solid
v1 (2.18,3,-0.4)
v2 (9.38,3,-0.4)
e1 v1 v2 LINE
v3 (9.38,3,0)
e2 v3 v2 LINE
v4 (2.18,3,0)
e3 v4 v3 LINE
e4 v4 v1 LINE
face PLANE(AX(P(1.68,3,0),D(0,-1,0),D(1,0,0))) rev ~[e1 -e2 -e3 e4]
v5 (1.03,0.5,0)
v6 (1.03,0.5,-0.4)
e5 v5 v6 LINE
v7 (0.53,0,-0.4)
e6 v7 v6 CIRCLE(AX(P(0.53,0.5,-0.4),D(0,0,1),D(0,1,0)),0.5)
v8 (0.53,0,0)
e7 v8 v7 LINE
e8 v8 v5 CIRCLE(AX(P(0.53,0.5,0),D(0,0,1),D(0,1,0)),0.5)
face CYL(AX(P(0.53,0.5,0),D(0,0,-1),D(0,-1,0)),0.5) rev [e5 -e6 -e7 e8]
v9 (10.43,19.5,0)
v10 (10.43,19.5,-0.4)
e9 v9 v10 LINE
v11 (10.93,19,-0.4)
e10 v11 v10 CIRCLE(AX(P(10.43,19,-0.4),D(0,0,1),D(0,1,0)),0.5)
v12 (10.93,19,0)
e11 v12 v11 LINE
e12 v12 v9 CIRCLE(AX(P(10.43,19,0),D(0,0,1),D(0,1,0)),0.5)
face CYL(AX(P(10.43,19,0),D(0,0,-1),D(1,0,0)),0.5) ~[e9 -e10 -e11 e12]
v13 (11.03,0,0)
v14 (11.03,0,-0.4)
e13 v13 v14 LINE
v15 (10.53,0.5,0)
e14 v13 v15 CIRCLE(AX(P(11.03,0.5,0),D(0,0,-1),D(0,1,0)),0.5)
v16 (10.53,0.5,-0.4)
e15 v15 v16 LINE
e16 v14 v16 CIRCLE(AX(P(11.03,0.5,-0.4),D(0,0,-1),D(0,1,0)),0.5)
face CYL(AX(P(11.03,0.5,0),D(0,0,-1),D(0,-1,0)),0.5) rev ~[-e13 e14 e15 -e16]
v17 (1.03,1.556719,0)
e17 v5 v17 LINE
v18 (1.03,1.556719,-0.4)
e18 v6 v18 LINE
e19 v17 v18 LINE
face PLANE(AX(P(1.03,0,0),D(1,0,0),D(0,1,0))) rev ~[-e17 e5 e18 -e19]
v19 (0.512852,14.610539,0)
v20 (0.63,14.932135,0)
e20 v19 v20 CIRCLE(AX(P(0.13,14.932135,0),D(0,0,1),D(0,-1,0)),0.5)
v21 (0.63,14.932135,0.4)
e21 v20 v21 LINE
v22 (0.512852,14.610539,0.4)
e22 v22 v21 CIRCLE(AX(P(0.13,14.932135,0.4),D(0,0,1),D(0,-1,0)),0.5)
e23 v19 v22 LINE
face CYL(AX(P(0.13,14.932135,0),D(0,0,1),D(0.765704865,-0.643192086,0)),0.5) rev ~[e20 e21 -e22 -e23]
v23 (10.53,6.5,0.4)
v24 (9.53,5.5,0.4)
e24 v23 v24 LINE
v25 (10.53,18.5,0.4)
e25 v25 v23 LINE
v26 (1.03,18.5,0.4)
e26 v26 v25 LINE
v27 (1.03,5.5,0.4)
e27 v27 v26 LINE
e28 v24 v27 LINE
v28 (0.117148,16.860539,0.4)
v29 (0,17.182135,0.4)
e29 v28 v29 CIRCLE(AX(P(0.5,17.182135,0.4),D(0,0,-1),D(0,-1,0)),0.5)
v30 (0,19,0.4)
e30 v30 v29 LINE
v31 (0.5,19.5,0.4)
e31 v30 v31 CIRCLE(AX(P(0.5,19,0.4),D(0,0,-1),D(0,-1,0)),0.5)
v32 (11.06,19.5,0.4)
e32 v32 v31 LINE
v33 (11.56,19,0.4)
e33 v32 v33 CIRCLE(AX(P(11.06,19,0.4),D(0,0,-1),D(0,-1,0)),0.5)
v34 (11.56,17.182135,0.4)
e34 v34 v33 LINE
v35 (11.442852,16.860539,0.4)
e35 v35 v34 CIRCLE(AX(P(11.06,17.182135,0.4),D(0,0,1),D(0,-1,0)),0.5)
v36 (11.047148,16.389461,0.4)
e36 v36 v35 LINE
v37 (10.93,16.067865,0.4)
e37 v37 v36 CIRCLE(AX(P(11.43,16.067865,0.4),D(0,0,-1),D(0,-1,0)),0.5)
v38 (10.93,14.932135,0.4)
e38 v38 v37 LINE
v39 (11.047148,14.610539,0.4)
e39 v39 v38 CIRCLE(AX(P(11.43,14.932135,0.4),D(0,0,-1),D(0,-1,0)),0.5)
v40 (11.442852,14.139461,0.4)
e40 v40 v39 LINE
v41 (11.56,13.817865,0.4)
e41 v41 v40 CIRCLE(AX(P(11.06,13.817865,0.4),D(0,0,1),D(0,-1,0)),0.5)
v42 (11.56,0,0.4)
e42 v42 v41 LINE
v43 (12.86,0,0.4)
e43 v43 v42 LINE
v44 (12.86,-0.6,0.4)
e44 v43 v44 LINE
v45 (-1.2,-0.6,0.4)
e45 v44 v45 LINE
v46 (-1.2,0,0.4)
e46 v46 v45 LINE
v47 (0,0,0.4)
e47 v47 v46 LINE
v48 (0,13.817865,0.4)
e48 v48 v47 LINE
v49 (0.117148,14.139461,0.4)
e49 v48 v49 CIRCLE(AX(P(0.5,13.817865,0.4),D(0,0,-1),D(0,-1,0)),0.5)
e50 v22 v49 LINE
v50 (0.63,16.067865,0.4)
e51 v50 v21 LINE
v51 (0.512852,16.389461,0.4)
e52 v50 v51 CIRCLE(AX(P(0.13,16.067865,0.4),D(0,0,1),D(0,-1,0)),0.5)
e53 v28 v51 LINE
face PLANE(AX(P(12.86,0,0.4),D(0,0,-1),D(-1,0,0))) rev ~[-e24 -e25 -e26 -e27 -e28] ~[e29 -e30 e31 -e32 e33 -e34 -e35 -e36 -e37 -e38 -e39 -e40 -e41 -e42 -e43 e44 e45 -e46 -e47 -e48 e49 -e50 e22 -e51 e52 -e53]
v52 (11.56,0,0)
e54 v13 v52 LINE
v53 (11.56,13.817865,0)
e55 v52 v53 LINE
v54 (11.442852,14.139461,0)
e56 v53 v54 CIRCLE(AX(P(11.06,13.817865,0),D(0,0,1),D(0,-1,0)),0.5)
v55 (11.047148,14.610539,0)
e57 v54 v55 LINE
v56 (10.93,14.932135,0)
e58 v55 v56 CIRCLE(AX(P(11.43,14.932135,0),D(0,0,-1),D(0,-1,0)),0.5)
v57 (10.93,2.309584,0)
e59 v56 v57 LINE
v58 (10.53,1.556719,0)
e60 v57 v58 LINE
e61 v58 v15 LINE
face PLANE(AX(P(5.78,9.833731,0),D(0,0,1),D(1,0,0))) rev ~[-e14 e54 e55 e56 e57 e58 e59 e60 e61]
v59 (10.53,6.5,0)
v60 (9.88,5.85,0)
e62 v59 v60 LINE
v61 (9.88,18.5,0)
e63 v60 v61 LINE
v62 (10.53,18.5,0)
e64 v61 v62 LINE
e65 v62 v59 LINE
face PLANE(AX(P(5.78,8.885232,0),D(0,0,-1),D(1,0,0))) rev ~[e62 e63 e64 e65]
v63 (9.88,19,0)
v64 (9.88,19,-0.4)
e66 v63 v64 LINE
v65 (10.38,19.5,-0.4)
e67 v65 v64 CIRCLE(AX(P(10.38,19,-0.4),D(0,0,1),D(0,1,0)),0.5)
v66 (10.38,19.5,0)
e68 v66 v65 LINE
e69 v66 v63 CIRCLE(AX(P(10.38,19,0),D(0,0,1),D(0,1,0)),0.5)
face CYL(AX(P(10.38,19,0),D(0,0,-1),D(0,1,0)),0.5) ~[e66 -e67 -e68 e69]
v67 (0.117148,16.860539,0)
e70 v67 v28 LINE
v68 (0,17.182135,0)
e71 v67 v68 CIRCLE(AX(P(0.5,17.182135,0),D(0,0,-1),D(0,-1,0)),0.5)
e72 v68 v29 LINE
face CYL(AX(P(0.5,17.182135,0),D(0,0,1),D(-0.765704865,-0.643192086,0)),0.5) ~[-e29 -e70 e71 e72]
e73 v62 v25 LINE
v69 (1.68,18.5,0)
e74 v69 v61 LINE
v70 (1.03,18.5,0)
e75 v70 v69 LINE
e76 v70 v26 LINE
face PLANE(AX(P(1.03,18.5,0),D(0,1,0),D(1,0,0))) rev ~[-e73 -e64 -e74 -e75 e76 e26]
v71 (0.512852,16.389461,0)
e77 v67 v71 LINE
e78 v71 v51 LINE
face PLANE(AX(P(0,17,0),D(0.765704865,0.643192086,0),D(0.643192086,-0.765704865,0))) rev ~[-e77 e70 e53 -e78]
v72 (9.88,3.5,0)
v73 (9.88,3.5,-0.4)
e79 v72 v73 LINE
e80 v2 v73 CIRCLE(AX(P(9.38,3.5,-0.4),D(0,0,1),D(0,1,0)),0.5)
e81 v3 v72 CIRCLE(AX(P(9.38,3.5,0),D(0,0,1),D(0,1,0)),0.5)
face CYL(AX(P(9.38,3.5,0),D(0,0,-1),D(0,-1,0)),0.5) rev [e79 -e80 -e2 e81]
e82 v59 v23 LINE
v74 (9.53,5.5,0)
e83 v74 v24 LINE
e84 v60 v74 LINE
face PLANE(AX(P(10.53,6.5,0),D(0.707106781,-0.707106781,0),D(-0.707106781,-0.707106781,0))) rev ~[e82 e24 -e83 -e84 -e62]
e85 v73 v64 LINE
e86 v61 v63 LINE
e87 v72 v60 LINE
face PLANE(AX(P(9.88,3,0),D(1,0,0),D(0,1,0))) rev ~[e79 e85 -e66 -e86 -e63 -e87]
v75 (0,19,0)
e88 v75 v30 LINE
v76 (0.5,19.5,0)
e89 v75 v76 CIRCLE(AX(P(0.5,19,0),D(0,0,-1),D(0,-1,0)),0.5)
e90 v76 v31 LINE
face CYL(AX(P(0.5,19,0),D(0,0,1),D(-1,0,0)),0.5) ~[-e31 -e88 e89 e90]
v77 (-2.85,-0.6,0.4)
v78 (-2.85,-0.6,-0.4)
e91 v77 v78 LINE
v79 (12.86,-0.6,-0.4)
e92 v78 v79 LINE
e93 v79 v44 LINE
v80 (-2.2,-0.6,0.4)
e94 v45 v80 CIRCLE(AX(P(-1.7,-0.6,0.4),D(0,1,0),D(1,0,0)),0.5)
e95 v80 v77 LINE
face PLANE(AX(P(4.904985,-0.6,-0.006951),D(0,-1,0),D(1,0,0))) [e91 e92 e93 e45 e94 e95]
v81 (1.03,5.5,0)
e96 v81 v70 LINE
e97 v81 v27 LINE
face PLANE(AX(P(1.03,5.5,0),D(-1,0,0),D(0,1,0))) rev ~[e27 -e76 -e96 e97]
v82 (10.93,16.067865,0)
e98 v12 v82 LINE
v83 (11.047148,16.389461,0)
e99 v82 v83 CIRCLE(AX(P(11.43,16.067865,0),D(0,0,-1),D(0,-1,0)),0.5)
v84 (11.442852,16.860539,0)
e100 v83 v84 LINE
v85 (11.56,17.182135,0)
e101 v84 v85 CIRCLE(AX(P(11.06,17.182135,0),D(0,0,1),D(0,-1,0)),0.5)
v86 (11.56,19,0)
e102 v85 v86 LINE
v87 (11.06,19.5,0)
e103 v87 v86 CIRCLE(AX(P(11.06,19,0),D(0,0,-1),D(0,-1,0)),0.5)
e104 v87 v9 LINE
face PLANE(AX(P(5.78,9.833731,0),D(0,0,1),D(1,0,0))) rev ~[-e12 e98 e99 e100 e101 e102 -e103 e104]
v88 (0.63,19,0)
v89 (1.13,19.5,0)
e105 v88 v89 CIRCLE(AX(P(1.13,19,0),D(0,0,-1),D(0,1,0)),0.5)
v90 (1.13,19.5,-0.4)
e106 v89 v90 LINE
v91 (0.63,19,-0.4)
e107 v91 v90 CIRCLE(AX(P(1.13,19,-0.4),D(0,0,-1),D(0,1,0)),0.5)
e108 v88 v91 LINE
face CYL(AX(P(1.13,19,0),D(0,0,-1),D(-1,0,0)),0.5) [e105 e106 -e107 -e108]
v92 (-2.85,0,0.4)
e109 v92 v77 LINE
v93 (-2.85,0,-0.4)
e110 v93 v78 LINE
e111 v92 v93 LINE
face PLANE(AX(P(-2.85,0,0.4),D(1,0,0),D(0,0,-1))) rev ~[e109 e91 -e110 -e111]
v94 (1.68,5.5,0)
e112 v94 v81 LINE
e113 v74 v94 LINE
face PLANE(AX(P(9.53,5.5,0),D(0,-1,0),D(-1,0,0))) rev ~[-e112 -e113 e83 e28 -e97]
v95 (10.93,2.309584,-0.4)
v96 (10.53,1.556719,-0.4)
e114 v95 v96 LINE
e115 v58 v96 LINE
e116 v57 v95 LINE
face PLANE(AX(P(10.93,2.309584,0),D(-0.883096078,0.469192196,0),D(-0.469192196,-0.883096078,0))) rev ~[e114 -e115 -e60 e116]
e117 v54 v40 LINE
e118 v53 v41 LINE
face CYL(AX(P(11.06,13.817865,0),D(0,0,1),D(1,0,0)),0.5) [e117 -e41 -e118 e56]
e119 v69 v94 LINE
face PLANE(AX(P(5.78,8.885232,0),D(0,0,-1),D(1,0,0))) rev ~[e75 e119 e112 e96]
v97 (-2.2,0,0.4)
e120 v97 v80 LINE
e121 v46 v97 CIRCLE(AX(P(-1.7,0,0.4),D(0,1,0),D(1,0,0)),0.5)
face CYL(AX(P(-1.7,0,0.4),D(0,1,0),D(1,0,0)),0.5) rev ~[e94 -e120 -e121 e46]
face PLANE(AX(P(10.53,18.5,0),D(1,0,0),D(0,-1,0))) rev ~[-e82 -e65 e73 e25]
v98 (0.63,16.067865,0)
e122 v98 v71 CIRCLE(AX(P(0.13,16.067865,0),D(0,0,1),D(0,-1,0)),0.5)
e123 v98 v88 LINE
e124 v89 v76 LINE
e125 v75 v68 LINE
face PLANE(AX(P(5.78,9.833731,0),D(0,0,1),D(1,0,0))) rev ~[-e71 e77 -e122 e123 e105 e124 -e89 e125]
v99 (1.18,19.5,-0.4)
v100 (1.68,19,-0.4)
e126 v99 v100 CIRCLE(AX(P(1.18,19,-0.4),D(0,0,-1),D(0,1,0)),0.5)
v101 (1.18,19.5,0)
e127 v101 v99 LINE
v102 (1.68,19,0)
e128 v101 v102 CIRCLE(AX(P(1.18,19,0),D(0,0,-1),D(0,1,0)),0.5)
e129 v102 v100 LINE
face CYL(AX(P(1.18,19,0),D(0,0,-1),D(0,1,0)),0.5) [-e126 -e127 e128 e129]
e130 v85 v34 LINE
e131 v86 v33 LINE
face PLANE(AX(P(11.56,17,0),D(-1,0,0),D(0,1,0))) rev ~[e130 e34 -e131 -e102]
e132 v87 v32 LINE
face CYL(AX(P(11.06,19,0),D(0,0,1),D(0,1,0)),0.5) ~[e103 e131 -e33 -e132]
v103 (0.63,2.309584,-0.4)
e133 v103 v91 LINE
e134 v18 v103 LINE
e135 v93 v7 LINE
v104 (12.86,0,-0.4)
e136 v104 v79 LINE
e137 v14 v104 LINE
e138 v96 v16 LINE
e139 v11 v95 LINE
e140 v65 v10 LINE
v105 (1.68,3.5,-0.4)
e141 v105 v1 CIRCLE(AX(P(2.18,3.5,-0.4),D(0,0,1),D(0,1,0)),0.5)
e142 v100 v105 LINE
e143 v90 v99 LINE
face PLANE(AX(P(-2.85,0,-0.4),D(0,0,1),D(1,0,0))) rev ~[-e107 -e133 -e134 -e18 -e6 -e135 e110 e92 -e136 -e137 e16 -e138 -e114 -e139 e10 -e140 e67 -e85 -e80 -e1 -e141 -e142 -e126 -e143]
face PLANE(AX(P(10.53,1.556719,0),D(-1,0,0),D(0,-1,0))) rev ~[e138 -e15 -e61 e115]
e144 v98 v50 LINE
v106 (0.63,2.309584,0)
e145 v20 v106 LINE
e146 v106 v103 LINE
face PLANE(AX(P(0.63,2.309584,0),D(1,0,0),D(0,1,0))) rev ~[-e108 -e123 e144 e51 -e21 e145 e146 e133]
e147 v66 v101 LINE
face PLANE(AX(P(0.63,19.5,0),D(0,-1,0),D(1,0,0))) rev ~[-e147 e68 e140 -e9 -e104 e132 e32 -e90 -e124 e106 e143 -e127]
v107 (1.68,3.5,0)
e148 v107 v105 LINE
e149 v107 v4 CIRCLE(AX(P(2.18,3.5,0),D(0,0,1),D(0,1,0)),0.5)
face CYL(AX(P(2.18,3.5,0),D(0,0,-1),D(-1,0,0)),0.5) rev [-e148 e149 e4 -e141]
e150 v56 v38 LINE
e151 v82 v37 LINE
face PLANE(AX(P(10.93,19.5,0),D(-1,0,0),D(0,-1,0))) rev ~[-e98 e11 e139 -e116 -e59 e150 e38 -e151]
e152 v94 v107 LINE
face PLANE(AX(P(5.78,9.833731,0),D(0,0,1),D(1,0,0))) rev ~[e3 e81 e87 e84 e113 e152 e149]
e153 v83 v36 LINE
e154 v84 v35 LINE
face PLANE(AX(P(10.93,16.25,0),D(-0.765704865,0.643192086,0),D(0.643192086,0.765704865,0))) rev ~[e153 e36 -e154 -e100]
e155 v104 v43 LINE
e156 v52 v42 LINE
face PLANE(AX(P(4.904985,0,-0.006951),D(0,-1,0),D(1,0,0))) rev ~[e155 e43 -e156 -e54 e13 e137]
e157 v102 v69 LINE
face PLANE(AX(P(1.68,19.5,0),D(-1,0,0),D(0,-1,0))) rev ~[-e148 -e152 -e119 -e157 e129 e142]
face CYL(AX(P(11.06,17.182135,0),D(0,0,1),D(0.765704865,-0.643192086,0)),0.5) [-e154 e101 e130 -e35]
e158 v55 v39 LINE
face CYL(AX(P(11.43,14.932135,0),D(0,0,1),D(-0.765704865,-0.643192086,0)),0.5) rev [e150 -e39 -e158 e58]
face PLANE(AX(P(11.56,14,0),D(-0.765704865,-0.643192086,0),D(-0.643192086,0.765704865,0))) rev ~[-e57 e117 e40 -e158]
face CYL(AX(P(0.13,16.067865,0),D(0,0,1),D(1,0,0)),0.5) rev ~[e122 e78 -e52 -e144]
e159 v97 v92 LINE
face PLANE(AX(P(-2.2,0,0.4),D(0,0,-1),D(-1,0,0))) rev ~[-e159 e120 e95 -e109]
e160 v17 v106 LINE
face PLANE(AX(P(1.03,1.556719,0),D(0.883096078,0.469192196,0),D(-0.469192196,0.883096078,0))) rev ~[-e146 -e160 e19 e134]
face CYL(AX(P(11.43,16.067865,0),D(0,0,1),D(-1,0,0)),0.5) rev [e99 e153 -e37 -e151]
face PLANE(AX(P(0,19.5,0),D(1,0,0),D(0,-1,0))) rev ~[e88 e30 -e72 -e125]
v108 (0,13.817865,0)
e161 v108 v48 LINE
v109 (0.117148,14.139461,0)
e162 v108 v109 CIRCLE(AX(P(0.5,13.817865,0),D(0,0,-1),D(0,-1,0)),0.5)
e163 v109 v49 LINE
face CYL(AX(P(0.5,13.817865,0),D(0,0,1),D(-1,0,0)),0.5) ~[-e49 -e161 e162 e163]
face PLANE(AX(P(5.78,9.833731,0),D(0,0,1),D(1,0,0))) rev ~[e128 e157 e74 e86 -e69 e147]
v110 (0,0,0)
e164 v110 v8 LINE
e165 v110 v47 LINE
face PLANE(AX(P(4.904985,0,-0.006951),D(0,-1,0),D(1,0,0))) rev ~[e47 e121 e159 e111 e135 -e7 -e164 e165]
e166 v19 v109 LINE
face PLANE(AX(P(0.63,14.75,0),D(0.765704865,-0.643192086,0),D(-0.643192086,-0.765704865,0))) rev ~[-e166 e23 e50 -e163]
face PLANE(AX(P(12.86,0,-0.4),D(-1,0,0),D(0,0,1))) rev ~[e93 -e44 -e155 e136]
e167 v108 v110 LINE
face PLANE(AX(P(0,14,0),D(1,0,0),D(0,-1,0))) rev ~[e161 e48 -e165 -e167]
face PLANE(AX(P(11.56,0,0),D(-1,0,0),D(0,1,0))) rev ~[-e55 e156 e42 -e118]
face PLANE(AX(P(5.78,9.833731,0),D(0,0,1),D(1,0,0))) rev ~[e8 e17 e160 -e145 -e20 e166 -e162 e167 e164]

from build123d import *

# Parameters (mm, degrees)
F1_DEPTH = 0.4
F3_DEPTH = 0.4
F5_DEPTH = 0.6
F6_R     = 0.5


with BuildPart() as f1:
    # F0 (on Top) → F1 (new body)
    with BuildSketch(Plane.XY):
        Polygon((0, 14), (0, 0), (5.78, 0), (11.56, 0), (11.56, 14), (10.93, 14.75), (10.93, 16.25), (11.56, 17), (11.56, 19.5), (5.78, 19.5), (0, 19.5), (0, 17), (0.63, 16.25), (0.63, 14.75), align=None)
        Polygon((10.53, 6.5), (9.53, 5.5), (1.03, 5.5), (1.03, 18.5), (10.53, 18.5), align=None, mode=Mode.SUBTRACT)
    extrude(amount=F1_DEPTH)

    # F2 (on face) → F3 (join)
    with BuildSketch(Plane(origin=(0, 0, 0), x_dir=(1, 0, 0), z_dir=(0, 0, -1))):
        Polygon((0.63, -2.3095843679), (0.63, -19.5), (1.68, -19.5), (1.68, -3), (5.78, -3), (9.88, -3), (9.88, -19.5), (10.93, -19.5), (10.93, -2.3095843679), (10.53, -1.5567192639), (10.53, 0), (5.78, 0), (1.03, 0), (1.03, -1.5567192639), align=None)
    extrude(amount=F3_DEPTH)

    # F4 (on face) → F5 (join)
    with BuildSketch(Plane.XZ):
        with BuildLine():
            Line((-2.2, 0.4), (-2.85, 0.4))
            Line((-2.85, 0.4), (-2.85, -0.4))
            Line((-2.85, -0.4), (12.86, -0.4))
            Line((12.86, -0.4), (12.86, 0.4))
            Line((12.86, 0.4), (-1.2, 0.4))
            ThreePointArc((-1.2, 0.4), (-1.7, -0.1), (-2.2, 0.4))
        make_face()
    extrude(amount=F5_DEPTH)

    # F6
    f6_edges = [f1.edges().sort_by_distance(p)[0] for p in [
        (11.56, 19.5, 0.2),
        (11.56, 17, 0.2),
        (10.93, 16.25, 0.2),
        (10.93, 14.75, 0.2),
        (11.56, 14, 0.2),
        (0, 19.5, 0.2),
        (0, 17, 0.2),
        (0.63, 16.25, 0.2),
        (0, 14, 0.2),
        (0.63, 14.75, 0.2),
        (9.88, 3, -0.2),
        (1.68, 3, -0.2),
        (10.93, 19.5, -0.2),
        (9.88, 19.5, -0.2),
        (1.68, 19.5, -0.2),
        (0.63, 19.5, -0.2),
        (10.53, 0, -0.2),
        (1.03, 0, -0.2),
    ]]
    fillet(f6_edges, radius=F6_R)


solid = f1.part
